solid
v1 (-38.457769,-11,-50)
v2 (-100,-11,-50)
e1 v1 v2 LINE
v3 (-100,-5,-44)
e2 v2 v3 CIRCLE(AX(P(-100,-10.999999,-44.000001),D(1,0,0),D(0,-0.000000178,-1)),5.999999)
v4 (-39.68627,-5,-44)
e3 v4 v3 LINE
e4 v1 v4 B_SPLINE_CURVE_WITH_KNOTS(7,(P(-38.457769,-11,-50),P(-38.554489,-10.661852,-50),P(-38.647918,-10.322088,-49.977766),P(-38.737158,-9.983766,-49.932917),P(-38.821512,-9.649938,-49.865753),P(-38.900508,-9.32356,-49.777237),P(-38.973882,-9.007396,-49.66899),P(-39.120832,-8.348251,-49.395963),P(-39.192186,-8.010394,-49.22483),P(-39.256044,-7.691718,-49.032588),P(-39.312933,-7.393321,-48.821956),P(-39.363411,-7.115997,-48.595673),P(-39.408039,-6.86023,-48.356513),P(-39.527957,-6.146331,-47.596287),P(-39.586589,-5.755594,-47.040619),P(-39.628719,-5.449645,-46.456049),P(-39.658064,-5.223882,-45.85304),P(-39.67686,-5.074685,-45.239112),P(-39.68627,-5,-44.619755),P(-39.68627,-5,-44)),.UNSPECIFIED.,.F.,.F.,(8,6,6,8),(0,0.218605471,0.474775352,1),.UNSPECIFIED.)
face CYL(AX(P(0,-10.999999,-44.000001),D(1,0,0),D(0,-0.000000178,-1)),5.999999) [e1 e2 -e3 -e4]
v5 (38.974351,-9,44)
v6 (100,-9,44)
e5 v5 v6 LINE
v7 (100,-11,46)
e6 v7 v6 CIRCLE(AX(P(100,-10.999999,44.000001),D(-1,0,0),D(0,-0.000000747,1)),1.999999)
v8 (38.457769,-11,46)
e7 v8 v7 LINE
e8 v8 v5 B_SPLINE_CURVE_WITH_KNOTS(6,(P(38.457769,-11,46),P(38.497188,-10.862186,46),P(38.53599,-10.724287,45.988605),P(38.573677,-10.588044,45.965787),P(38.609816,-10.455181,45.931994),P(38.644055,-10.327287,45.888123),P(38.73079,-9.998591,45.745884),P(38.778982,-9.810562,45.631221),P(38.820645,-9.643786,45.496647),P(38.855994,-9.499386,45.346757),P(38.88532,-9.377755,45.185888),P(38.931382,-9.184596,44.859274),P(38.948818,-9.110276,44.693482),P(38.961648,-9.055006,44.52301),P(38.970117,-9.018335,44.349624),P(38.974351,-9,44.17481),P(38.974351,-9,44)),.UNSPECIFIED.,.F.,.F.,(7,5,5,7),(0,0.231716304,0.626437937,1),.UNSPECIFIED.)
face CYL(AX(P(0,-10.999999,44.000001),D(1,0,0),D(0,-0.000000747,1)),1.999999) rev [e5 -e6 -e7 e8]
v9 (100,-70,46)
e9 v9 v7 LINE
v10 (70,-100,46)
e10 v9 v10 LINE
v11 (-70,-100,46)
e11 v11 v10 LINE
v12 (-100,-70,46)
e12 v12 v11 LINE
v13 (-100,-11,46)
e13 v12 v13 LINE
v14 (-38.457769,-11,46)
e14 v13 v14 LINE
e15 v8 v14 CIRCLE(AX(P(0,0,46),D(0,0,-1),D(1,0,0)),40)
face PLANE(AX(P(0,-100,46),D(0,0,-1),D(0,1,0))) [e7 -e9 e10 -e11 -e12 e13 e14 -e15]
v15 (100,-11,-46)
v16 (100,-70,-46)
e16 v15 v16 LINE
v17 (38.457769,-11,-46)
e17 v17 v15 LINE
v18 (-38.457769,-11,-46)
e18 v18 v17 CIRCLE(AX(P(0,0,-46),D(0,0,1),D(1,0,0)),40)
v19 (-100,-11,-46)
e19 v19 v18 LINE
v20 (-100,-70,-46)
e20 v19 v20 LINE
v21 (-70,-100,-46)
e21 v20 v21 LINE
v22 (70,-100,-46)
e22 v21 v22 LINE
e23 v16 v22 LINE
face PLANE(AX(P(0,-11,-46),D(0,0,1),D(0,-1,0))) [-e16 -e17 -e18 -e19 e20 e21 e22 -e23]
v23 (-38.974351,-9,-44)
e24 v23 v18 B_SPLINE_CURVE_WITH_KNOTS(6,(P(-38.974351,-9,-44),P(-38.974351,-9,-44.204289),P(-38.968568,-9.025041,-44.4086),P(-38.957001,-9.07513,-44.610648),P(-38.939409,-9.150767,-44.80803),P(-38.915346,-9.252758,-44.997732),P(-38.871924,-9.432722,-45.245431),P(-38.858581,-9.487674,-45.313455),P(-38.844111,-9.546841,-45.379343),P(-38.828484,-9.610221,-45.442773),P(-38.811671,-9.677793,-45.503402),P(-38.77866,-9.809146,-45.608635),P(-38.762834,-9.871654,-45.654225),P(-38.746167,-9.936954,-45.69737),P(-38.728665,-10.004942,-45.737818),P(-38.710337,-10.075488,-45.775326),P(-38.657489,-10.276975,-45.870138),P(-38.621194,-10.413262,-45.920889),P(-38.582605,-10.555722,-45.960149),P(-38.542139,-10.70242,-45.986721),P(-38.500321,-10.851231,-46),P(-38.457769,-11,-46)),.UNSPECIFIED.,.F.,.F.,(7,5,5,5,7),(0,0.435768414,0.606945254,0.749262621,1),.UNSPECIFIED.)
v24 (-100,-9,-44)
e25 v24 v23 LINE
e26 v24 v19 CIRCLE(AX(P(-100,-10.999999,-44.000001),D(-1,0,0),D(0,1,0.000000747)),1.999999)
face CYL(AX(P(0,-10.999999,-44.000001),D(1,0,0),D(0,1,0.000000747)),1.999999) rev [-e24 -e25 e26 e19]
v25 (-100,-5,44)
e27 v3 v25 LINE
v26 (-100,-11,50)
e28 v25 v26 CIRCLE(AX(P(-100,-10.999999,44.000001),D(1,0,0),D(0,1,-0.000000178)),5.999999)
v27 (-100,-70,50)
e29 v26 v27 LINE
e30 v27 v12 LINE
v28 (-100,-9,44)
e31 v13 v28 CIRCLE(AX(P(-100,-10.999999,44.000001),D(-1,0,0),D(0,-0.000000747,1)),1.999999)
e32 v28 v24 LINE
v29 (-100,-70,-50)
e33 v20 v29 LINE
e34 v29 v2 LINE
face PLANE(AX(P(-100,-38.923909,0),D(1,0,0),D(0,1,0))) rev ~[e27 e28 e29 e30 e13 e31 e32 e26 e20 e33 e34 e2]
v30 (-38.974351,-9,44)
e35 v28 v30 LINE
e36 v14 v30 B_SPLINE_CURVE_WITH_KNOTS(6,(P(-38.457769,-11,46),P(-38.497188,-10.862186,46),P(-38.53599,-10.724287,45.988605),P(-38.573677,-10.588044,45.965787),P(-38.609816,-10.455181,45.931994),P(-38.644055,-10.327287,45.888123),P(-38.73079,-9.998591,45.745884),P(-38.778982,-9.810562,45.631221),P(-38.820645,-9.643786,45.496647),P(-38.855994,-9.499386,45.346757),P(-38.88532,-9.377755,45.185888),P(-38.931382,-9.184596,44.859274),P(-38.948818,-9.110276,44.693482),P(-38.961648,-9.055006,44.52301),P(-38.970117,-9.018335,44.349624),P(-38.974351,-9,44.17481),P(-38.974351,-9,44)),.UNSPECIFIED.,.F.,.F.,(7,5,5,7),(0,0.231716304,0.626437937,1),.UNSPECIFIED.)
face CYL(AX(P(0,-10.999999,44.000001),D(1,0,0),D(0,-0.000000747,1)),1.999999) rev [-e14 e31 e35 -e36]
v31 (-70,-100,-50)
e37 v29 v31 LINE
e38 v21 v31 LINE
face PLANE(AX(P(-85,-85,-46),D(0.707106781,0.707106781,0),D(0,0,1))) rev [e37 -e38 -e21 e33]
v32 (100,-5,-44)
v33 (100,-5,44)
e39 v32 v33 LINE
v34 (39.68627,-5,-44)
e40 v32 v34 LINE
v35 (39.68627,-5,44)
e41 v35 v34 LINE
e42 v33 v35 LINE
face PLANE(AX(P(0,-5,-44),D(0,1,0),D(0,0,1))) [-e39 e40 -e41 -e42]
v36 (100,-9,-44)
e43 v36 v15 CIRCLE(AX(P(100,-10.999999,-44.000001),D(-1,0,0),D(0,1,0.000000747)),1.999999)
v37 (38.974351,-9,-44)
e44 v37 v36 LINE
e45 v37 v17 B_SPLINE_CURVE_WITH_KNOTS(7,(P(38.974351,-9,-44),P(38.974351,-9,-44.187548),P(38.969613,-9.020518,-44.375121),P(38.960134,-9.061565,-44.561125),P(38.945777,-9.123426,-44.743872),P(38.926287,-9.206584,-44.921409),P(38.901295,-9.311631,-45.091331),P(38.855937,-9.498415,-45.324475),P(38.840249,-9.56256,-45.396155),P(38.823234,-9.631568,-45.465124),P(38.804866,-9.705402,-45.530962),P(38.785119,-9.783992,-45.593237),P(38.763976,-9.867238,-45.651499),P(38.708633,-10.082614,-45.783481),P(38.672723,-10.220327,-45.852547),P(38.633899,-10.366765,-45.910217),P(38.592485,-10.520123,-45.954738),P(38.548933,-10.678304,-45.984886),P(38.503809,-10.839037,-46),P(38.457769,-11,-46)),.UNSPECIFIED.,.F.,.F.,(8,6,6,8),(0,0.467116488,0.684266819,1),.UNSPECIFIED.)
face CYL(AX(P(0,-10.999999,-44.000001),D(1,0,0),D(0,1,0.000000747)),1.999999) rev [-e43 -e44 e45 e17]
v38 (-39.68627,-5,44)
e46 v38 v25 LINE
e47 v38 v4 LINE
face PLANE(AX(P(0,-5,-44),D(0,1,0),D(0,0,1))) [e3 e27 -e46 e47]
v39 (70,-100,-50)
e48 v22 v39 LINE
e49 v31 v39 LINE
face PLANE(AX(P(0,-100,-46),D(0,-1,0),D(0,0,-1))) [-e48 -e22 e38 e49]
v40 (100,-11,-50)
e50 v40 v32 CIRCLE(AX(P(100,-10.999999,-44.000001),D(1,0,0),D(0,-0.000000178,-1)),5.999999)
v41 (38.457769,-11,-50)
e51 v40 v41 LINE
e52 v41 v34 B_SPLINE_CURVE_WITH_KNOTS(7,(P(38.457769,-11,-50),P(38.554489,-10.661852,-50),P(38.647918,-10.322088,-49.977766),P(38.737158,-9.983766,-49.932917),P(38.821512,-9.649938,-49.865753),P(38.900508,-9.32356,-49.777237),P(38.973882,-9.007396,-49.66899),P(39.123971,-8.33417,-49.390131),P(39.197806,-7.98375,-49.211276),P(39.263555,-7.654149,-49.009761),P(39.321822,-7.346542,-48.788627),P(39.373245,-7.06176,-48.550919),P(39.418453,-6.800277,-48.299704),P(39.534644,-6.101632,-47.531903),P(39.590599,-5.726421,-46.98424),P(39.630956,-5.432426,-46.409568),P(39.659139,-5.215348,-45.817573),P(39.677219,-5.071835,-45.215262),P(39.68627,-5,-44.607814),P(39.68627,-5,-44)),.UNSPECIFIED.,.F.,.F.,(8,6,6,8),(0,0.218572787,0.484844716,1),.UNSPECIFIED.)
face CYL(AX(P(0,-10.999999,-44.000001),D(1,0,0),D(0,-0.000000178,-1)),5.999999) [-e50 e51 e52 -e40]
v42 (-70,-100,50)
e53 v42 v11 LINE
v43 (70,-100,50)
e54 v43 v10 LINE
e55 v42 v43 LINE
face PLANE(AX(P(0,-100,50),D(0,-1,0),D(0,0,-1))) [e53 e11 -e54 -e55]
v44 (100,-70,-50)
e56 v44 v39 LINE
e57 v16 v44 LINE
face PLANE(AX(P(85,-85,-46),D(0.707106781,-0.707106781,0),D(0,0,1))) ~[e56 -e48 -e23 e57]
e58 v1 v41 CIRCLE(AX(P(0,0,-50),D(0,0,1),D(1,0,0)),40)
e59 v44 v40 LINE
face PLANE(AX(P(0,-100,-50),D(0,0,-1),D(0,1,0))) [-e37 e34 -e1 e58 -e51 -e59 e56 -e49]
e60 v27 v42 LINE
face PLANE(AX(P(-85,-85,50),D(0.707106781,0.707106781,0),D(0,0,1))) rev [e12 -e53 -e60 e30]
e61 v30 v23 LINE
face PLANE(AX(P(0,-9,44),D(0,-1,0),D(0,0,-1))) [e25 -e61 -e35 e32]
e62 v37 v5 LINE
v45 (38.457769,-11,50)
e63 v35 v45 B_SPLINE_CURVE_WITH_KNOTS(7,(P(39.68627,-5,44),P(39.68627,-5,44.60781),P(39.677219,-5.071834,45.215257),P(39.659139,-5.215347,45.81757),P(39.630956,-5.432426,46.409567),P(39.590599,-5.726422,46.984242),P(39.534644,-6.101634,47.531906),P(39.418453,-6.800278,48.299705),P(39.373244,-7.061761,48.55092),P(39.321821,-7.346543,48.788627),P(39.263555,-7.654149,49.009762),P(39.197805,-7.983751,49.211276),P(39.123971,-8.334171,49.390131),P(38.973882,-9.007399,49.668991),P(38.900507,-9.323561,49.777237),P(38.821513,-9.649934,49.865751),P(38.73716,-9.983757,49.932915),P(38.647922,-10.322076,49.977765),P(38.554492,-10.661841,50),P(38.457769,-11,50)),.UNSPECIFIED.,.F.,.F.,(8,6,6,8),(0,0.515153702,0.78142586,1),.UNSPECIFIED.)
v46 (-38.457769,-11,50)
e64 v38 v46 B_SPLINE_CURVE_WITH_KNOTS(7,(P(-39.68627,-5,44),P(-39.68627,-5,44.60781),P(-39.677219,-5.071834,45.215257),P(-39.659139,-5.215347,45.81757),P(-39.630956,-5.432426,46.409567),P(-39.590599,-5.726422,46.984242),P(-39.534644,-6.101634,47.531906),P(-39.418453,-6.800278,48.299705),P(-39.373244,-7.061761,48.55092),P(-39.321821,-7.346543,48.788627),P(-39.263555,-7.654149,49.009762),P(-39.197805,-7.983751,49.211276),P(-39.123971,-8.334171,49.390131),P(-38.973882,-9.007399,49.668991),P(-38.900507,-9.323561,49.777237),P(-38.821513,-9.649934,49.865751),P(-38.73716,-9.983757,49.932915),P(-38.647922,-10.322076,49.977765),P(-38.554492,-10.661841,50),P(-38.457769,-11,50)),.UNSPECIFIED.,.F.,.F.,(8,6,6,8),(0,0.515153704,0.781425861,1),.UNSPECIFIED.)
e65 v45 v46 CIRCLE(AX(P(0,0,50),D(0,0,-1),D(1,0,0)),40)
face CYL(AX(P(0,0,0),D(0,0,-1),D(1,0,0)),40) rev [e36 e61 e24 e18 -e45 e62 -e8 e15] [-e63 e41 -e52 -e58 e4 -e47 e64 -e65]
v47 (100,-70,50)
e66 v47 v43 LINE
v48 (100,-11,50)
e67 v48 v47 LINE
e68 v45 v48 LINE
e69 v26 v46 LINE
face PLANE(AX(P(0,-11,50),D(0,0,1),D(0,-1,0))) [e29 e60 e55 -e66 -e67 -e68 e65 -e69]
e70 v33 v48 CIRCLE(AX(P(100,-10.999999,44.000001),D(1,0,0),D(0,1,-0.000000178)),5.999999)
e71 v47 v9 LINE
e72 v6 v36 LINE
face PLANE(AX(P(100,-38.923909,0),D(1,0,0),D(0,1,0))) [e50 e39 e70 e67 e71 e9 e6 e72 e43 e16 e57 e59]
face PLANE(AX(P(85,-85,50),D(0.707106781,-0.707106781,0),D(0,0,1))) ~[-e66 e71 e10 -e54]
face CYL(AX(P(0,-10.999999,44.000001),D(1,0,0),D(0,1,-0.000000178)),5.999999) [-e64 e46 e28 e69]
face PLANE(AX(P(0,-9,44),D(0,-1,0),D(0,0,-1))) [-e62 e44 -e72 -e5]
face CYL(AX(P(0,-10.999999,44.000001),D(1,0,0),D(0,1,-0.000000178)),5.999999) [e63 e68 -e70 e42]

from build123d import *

# Parameters (mm, degrees)
F1_DEPTH      = 100
F1_DEPTH_BACK = 100
F2_R          = 40
F3_DEPTH      = 100
F3_DEPTH_BACK = 100
F4_SIZE       = 30


with BuildPart() as f1:
    # F0 (on Right) → F1 (new body, two sides)
    with BuildSketch(Plane.YZ) as f1_sk:
        with BuildLine():
            Line((-5, 0), (-5, 44))
            ThreePointArc((-5, 44), (-6.757359, 48.242641), (-11, 50))
            Line((-11, 50), (-100, 50))
            Line((-100, 50), (-100, 46))
            Line((-100, 46), (-11, 46))
            ThreePointArc((-11, 46), (-9.585786, 45.414214), (-9, 44))
            Line((-9, 44), (-9, 0))
            Line((-9, 0), (-9, -44))
            ThreePointArc((-9, -44), (-9.585786, -45.414214), (-11, -46))
            Line((-11, -46), (-100, -46))
            Line((-100, -46), (-100, -50))
            Line((-100, -50), (-11, -50))
            ThreePointArc((-11, -50), (-6.757359, -48.242641), (-5, -44))
            Line((-5, -44), (-5, 0))
        make_face()
    extrude(amount=F1_DEPTH)
    extrude(f1_sk.sketch, amount=-F1_DEPTH_BACK)

    # F2 (on Top) → F3 (cut, two sides)
    with BuildSketch(Plane.XY) as f3_sk:
        Circle(F2_R)
    extrude(amount=F3_DEPTH, mode=Mode.SUBTRACT)
    extrude(f3_sk.sketch, amount=-F3_DEPTH_BACK, mode=Mode.SUBTRACT)

    # F4
    f4_edges = [f1.edges().sort_by_distance(p)[0] for p in [
        (100, -100, -48),
        (100, -100, 48),
        (-100, -100, -48),
        (-100, -100, 48),
    ]]
    chamfer(f4_edges, length=F4_SIZE)


solid = f1.part
